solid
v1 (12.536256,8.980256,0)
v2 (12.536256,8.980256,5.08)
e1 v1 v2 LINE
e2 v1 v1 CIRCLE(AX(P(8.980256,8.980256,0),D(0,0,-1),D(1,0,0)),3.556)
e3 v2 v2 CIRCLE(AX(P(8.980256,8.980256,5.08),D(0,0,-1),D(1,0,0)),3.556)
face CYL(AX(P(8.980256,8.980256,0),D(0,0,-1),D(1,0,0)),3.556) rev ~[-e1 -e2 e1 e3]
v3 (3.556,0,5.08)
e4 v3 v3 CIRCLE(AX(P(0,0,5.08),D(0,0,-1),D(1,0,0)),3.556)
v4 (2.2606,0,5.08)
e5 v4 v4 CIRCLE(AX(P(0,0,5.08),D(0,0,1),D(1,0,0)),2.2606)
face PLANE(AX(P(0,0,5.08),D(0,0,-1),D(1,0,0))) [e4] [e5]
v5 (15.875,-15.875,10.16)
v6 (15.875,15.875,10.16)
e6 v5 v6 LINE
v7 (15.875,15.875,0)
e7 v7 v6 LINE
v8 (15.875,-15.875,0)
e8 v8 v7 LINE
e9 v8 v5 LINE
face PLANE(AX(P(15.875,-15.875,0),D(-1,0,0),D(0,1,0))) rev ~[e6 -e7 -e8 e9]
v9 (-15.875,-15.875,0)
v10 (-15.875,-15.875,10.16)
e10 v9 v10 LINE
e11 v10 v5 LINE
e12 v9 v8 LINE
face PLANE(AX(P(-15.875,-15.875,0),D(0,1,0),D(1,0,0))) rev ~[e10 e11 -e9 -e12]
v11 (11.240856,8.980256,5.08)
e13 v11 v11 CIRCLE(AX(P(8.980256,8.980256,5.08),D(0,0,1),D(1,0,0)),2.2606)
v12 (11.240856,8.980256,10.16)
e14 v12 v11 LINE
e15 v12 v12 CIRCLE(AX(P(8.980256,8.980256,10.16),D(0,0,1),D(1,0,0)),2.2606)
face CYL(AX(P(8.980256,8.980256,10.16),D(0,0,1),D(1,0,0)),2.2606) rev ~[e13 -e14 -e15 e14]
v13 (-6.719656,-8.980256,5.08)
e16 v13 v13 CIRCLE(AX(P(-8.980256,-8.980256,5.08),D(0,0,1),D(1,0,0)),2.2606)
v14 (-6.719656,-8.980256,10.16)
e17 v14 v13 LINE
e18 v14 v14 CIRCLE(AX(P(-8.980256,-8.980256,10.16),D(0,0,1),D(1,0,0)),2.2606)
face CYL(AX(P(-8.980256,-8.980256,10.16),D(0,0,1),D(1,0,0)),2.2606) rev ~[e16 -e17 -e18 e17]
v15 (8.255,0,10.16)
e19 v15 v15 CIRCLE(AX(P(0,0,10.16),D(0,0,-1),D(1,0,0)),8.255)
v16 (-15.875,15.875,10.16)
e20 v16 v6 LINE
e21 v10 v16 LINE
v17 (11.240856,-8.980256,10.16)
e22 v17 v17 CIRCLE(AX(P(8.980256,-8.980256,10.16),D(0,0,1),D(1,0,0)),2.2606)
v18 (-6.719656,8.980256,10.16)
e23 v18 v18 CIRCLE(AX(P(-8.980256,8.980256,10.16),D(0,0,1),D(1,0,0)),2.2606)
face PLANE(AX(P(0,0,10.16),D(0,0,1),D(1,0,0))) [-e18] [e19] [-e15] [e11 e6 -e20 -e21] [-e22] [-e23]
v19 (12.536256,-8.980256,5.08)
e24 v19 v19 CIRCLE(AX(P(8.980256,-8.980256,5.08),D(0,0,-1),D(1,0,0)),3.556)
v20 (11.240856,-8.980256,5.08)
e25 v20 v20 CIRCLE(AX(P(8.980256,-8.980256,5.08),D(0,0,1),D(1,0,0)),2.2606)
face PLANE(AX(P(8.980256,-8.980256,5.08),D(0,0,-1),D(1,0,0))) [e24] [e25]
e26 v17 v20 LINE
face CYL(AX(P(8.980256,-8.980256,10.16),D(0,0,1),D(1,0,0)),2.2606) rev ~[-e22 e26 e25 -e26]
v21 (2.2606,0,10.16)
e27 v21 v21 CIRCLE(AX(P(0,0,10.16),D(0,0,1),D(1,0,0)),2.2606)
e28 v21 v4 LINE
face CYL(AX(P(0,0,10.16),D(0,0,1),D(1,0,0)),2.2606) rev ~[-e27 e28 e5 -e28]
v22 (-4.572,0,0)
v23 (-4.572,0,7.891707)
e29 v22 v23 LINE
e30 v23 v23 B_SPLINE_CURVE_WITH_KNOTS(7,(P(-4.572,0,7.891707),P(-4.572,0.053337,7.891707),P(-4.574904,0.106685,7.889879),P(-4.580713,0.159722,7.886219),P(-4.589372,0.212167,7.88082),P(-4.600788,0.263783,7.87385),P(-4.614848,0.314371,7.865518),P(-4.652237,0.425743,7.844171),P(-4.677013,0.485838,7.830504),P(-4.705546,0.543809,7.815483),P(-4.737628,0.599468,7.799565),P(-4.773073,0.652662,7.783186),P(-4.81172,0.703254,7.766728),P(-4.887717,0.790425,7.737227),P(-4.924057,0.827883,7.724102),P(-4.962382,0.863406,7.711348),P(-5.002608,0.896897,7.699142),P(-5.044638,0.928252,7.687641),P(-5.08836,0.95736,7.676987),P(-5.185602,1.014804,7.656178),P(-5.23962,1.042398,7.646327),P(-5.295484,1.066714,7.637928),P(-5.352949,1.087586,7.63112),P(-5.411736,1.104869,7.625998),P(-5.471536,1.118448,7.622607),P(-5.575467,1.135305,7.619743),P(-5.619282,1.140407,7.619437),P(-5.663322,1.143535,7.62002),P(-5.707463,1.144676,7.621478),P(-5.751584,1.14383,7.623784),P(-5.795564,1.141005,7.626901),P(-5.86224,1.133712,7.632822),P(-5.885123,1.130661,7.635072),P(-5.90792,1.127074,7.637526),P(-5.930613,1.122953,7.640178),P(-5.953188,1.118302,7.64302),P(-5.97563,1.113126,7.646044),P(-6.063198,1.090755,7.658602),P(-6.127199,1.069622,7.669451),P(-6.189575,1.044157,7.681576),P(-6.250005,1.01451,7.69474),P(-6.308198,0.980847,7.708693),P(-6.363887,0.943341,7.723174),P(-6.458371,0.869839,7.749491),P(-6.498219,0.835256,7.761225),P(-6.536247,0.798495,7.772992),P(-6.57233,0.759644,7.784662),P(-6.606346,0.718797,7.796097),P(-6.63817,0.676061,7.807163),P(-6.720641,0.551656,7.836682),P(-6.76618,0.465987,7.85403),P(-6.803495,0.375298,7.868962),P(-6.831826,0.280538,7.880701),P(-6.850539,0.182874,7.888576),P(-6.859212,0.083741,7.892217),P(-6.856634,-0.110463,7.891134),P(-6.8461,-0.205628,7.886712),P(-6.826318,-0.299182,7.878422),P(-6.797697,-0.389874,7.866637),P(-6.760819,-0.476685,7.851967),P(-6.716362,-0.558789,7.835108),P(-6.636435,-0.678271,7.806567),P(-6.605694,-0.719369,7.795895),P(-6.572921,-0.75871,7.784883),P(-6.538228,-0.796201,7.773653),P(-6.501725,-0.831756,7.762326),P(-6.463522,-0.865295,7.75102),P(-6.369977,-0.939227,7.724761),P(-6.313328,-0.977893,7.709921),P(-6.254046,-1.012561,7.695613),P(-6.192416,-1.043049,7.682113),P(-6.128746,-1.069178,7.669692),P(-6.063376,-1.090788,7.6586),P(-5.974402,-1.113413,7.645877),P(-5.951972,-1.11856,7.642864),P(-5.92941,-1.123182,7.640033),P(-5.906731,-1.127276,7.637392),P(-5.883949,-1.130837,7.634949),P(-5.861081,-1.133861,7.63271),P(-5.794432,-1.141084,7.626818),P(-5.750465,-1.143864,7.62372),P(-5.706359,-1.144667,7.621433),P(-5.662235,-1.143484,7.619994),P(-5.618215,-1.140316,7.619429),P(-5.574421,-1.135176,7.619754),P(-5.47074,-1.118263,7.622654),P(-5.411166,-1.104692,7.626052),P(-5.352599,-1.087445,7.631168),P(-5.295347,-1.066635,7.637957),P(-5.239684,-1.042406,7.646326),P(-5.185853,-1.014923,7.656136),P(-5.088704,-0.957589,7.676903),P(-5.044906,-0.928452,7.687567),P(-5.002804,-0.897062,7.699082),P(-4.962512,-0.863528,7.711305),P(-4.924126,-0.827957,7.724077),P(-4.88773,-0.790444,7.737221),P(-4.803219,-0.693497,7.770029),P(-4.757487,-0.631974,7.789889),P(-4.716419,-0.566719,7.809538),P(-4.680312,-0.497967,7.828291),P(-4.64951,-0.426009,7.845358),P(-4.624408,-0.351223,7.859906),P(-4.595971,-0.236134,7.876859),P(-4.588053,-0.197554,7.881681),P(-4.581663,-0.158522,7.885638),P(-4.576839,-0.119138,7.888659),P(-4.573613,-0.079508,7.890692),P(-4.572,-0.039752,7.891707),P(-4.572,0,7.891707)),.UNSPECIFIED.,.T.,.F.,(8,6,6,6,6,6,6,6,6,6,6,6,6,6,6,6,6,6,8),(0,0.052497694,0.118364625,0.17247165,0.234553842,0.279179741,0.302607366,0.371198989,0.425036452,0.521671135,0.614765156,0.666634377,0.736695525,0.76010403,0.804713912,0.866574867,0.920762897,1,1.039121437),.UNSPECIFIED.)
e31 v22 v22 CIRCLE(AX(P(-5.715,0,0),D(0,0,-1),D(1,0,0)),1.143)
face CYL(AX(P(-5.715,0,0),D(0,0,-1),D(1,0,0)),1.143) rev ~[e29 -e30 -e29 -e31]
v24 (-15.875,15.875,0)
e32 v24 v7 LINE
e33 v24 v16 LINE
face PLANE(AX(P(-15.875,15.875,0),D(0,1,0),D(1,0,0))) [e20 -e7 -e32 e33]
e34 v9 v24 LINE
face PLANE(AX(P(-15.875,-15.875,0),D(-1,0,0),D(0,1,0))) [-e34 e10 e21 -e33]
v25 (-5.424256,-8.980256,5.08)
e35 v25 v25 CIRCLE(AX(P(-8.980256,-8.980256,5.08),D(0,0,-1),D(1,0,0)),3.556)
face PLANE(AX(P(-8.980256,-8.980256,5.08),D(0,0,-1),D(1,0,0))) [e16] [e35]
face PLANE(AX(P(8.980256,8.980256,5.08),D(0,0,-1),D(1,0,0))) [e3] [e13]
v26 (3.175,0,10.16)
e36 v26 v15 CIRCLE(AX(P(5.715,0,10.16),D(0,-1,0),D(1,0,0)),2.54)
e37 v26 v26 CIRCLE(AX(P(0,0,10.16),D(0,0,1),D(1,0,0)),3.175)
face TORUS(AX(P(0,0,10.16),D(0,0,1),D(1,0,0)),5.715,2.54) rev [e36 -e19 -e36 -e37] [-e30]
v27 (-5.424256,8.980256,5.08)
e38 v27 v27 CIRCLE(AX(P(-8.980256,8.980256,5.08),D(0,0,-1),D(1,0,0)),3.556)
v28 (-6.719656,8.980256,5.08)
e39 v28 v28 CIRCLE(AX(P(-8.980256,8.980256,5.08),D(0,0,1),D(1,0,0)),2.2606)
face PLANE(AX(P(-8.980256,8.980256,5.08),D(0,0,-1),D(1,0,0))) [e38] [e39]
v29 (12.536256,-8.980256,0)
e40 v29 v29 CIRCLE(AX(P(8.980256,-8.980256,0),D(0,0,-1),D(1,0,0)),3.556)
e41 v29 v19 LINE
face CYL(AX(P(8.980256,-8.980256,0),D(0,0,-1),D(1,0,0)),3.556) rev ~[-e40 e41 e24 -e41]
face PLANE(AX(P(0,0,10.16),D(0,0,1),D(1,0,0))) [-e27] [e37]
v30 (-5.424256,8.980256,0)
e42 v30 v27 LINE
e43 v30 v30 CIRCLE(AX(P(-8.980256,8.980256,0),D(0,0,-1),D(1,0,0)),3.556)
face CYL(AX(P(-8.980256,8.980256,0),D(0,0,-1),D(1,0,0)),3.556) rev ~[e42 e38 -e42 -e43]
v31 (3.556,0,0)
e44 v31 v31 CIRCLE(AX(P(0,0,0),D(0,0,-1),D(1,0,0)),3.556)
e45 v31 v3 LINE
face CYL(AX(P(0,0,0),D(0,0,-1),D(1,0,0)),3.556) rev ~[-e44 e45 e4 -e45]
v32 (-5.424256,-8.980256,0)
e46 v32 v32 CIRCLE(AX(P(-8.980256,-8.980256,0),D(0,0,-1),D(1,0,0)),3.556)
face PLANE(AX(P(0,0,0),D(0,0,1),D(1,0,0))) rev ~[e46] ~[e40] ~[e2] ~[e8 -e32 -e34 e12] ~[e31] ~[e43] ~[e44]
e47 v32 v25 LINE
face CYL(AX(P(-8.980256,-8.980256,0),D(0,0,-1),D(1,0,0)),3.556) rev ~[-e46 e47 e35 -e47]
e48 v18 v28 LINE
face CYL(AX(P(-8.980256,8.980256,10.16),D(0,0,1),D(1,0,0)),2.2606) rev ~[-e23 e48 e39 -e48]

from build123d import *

# Parameters (mm, degrees)
F0_W     = 31.75
F0_H     = 31.75
F1_DEPTH = 10.16
F2_R     = 2.54
F4_R     = 2.2606
F5_DEPTH = 25.4
F6_R     = 3.556
F7_DEPTH = 5.08
F8_R     = 1.143
F9_DEPTH = 25.4


with BuildPart() as f1:
    # F0 (on Top) → F1 (new body)
    with BuildSketch(Plane.XY):
        Rectangle(F0_W, F0_H)
    extrude(amount=F1_DEPTH)

    # F2 (on Front) → F3 (revolve, cut)
    with BuildSketch(Plane.XZ):
        with Locations((5.715, 10.16)):
            Circle(F2_R)
    revolve(axis=Axis((0, 0, 8.061379), (0, 0, -1)), mode=Mode.SUBTRACT)

    # F4 (on face) → F5 (cut)
    with BuildSketch(Plane.XY.offset(10.16)):
        Circle(F4_R)
        with Locations((-8.980256, 8.980256)):
            Circle(F4_R)
        with Locations((8.980256, 8.980256)):
            Circle(F4_R)
        with Locations((-8.980256, -8.980256)):
            Circle(F4_R)
        with Locations((8.980256, -8.980256)):
            Circle(F4_R)
    extrude(amount=-F5_DEPTH, mode=Mode.SUBTRACT)

    # F6 (on face) → F7 (cut)
    with BuildSketch(Plane(origin=(0, 0, 0), x_dir=(1, 0, 0), z_dir=(0, 0, -1))):
        Circle(F6_R)
        with Locations((-8.980256, 8.980256)):
            Circle(F6_R)
        with Locations((8.980256, 8.980256)):
            Circle(F6_R)
        with Locations((-8.980256, -8.980256)):
            Circle(F6_R)
        with Locations((8.980256, -8.980256)):
            Circle(F6_R)
    extrude(amount=-F7_DEPTH, mode=Mode.SUBTRACT)

    # F8 (on face) → F9 (cut)
    with BuildSketch(Plane(origin=(0, 0, 0), x_dir=(1, 0, 0), z_dir=(0, 0, -1))):
        with Locations((-5.715, 0)):
            Circle(F8_R)
    extrude(amount=-F9_DEPTH, mode=Mode.SUBTRACT)


solid = f1.part
